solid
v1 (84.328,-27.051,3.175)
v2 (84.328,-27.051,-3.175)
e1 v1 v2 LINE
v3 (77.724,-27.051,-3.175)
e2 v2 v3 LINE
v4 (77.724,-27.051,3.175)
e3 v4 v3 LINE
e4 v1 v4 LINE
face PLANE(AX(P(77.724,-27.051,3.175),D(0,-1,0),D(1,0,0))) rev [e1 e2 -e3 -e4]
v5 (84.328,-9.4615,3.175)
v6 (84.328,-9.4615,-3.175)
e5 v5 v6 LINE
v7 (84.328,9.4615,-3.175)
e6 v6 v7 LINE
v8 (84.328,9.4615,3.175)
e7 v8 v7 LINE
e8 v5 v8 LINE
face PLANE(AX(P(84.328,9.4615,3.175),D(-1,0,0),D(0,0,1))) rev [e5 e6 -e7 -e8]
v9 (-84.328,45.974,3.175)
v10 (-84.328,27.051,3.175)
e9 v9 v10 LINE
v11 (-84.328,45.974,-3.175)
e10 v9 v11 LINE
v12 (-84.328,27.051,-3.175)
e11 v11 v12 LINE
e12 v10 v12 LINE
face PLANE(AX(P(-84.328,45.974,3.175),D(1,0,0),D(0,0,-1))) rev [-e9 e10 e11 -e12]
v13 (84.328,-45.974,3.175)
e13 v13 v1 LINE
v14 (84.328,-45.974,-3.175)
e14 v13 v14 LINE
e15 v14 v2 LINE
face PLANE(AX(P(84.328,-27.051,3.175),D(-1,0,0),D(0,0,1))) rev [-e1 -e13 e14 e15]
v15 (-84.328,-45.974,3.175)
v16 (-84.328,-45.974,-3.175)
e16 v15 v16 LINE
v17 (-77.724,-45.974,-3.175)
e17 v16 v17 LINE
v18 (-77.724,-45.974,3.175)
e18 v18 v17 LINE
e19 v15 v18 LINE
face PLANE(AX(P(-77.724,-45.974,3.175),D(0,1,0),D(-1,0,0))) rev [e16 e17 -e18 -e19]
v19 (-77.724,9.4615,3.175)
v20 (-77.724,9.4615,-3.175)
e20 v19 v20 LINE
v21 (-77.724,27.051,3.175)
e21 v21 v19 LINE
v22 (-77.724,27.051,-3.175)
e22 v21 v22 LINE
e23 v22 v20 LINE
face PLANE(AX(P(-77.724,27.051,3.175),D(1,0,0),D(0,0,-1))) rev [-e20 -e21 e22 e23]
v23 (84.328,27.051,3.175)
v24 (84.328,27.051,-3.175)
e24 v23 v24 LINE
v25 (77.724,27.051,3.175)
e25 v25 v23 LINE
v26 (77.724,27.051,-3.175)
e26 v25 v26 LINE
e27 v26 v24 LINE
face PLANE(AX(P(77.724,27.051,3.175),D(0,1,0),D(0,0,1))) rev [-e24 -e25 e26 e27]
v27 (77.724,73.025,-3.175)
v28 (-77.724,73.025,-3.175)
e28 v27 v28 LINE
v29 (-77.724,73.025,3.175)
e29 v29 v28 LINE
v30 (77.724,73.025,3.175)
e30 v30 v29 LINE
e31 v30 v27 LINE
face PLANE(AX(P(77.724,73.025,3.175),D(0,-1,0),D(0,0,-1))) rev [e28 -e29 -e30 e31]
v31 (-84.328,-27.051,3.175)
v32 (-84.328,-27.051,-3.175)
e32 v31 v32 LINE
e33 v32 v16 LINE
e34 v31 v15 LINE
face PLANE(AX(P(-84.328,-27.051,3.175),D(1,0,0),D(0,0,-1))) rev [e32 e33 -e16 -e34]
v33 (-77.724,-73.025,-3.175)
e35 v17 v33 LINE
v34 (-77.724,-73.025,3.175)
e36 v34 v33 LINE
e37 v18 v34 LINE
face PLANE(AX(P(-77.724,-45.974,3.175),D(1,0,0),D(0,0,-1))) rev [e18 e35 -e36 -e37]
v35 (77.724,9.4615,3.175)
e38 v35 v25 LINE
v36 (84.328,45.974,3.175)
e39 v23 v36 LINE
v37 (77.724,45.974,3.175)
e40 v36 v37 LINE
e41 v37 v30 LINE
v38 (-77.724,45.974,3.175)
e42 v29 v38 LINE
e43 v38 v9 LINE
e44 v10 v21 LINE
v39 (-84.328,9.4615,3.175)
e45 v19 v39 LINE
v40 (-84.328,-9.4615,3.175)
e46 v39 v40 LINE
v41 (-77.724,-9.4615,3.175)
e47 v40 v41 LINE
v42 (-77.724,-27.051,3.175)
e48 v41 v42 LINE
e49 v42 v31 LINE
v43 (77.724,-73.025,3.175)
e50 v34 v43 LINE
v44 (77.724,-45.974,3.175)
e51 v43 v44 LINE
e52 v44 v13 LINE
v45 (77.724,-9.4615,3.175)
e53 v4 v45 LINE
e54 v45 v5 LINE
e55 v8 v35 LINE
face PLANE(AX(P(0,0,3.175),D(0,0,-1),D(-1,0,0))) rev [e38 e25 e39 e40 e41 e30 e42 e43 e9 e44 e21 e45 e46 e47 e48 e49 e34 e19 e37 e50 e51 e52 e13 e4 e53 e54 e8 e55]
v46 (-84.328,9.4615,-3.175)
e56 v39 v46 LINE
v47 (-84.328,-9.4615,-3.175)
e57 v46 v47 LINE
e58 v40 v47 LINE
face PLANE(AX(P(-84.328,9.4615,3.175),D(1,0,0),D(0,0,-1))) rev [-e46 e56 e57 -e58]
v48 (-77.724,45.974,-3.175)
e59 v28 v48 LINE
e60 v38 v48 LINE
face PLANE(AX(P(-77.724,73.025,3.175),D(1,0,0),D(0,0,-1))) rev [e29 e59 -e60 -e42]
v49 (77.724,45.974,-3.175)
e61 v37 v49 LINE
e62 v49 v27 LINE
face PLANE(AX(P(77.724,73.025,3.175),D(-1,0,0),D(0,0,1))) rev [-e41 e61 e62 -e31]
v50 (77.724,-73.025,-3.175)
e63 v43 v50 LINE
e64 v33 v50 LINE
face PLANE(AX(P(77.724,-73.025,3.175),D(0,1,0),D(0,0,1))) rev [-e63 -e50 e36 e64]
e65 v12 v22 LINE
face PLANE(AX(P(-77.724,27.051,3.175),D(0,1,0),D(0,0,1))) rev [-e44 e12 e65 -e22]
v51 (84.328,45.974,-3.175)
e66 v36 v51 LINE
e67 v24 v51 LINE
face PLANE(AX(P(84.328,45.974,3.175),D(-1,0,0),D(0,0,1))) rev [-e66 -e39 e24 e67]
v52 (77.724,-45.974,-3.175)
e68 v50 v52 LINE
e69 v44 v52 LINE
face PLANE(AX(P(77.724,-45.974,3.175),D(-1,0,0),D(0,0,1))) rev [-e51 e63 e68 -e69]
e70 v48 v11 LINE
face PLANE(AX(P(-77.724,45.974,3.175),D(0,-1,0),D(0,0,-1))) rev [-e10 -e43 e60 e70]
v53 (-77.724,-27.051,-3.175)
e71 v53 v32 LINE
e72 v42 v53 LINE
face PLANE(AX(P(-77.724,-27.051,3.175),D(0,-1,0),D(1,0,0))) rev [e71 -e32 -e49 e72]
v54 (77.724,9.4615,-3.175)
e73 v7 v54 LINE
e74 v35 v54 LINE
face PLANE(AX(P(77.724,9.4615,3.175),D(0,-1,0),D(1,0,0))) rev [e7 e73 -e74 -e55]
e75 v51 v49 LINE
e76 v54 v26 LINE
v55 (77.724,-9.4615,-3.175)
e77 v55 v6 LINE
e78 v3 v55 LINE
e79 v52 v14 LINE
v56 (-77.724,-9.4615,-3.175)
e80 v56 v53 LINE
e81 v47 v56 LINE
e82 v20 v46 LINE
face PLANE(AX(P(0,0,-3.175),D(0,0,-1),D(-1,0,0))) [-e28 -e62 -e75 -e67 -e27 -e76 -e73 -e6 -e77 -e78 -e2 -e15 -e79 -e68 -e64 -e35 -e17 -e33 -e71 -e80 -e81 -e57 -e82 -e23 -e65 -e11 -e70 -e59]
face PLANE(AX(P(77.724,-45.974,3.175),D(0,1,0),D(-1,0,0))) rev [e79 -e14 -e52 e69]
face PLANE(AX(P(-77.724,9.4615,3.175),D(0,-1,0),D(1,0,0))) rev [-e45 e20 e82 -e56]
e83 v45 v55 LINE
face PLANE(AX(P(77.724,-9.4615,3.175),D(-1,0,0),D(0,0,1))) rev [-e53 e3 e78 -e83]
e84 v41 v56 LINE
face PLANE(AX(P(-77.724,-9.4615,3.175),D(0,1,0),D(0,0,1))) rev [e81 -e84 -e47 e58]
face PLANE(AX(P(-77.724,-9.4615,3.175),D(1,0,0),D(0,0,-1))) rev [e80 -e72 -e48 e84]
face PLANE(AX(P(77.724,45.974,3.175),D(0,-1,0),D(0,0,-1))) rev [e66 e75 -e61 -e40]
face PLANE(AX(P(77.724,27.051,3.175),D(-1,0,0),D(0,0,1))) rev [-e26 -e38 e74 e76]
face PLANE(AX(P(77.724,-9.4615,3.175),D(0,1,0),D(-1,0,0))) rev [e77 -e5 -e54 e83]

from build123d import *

# Parameters (mm, degrees)
BOSS_EXTRUDE1_DEPTH = 3.175


with BuildPart() as part:
    # Sketch1 → Boss-Extrude1 (new body, symmetric)
    with BuildSketch(Plane.XY):
        Polygon((77.724, 73.025), (-77.724, 73.025), (-77.724, 45.974), (-84.328, 45.974), (-84.328, 27.051), (-77.724, 27.051), (-77.724, 9.4615), (-84.328, 9.4615), (-84.328, -9.4615), (-77.724, -9.4615), (-77.724, -27.051), (-84.328, -27.051), (-84.328, -45.974), (-77.724, -45.974), (-77.724, -73.025), (77.724, -73.025), (77.724, -45.974), (84.328, -45.974), (84.328, -27.051), (77.724, -27.051), (77.724, -9.4615), (84.328, -9.4615), (84.328, 9.4615), (77.724, 9.4615), (77.724, 27.051), (84.328, 27.051), (84.328, 45.974), (77.724, 45.974), align=None)
    extrude(amount=BOSS_EXTRUDE1_DEPTH, both=True)


solid = part.part
